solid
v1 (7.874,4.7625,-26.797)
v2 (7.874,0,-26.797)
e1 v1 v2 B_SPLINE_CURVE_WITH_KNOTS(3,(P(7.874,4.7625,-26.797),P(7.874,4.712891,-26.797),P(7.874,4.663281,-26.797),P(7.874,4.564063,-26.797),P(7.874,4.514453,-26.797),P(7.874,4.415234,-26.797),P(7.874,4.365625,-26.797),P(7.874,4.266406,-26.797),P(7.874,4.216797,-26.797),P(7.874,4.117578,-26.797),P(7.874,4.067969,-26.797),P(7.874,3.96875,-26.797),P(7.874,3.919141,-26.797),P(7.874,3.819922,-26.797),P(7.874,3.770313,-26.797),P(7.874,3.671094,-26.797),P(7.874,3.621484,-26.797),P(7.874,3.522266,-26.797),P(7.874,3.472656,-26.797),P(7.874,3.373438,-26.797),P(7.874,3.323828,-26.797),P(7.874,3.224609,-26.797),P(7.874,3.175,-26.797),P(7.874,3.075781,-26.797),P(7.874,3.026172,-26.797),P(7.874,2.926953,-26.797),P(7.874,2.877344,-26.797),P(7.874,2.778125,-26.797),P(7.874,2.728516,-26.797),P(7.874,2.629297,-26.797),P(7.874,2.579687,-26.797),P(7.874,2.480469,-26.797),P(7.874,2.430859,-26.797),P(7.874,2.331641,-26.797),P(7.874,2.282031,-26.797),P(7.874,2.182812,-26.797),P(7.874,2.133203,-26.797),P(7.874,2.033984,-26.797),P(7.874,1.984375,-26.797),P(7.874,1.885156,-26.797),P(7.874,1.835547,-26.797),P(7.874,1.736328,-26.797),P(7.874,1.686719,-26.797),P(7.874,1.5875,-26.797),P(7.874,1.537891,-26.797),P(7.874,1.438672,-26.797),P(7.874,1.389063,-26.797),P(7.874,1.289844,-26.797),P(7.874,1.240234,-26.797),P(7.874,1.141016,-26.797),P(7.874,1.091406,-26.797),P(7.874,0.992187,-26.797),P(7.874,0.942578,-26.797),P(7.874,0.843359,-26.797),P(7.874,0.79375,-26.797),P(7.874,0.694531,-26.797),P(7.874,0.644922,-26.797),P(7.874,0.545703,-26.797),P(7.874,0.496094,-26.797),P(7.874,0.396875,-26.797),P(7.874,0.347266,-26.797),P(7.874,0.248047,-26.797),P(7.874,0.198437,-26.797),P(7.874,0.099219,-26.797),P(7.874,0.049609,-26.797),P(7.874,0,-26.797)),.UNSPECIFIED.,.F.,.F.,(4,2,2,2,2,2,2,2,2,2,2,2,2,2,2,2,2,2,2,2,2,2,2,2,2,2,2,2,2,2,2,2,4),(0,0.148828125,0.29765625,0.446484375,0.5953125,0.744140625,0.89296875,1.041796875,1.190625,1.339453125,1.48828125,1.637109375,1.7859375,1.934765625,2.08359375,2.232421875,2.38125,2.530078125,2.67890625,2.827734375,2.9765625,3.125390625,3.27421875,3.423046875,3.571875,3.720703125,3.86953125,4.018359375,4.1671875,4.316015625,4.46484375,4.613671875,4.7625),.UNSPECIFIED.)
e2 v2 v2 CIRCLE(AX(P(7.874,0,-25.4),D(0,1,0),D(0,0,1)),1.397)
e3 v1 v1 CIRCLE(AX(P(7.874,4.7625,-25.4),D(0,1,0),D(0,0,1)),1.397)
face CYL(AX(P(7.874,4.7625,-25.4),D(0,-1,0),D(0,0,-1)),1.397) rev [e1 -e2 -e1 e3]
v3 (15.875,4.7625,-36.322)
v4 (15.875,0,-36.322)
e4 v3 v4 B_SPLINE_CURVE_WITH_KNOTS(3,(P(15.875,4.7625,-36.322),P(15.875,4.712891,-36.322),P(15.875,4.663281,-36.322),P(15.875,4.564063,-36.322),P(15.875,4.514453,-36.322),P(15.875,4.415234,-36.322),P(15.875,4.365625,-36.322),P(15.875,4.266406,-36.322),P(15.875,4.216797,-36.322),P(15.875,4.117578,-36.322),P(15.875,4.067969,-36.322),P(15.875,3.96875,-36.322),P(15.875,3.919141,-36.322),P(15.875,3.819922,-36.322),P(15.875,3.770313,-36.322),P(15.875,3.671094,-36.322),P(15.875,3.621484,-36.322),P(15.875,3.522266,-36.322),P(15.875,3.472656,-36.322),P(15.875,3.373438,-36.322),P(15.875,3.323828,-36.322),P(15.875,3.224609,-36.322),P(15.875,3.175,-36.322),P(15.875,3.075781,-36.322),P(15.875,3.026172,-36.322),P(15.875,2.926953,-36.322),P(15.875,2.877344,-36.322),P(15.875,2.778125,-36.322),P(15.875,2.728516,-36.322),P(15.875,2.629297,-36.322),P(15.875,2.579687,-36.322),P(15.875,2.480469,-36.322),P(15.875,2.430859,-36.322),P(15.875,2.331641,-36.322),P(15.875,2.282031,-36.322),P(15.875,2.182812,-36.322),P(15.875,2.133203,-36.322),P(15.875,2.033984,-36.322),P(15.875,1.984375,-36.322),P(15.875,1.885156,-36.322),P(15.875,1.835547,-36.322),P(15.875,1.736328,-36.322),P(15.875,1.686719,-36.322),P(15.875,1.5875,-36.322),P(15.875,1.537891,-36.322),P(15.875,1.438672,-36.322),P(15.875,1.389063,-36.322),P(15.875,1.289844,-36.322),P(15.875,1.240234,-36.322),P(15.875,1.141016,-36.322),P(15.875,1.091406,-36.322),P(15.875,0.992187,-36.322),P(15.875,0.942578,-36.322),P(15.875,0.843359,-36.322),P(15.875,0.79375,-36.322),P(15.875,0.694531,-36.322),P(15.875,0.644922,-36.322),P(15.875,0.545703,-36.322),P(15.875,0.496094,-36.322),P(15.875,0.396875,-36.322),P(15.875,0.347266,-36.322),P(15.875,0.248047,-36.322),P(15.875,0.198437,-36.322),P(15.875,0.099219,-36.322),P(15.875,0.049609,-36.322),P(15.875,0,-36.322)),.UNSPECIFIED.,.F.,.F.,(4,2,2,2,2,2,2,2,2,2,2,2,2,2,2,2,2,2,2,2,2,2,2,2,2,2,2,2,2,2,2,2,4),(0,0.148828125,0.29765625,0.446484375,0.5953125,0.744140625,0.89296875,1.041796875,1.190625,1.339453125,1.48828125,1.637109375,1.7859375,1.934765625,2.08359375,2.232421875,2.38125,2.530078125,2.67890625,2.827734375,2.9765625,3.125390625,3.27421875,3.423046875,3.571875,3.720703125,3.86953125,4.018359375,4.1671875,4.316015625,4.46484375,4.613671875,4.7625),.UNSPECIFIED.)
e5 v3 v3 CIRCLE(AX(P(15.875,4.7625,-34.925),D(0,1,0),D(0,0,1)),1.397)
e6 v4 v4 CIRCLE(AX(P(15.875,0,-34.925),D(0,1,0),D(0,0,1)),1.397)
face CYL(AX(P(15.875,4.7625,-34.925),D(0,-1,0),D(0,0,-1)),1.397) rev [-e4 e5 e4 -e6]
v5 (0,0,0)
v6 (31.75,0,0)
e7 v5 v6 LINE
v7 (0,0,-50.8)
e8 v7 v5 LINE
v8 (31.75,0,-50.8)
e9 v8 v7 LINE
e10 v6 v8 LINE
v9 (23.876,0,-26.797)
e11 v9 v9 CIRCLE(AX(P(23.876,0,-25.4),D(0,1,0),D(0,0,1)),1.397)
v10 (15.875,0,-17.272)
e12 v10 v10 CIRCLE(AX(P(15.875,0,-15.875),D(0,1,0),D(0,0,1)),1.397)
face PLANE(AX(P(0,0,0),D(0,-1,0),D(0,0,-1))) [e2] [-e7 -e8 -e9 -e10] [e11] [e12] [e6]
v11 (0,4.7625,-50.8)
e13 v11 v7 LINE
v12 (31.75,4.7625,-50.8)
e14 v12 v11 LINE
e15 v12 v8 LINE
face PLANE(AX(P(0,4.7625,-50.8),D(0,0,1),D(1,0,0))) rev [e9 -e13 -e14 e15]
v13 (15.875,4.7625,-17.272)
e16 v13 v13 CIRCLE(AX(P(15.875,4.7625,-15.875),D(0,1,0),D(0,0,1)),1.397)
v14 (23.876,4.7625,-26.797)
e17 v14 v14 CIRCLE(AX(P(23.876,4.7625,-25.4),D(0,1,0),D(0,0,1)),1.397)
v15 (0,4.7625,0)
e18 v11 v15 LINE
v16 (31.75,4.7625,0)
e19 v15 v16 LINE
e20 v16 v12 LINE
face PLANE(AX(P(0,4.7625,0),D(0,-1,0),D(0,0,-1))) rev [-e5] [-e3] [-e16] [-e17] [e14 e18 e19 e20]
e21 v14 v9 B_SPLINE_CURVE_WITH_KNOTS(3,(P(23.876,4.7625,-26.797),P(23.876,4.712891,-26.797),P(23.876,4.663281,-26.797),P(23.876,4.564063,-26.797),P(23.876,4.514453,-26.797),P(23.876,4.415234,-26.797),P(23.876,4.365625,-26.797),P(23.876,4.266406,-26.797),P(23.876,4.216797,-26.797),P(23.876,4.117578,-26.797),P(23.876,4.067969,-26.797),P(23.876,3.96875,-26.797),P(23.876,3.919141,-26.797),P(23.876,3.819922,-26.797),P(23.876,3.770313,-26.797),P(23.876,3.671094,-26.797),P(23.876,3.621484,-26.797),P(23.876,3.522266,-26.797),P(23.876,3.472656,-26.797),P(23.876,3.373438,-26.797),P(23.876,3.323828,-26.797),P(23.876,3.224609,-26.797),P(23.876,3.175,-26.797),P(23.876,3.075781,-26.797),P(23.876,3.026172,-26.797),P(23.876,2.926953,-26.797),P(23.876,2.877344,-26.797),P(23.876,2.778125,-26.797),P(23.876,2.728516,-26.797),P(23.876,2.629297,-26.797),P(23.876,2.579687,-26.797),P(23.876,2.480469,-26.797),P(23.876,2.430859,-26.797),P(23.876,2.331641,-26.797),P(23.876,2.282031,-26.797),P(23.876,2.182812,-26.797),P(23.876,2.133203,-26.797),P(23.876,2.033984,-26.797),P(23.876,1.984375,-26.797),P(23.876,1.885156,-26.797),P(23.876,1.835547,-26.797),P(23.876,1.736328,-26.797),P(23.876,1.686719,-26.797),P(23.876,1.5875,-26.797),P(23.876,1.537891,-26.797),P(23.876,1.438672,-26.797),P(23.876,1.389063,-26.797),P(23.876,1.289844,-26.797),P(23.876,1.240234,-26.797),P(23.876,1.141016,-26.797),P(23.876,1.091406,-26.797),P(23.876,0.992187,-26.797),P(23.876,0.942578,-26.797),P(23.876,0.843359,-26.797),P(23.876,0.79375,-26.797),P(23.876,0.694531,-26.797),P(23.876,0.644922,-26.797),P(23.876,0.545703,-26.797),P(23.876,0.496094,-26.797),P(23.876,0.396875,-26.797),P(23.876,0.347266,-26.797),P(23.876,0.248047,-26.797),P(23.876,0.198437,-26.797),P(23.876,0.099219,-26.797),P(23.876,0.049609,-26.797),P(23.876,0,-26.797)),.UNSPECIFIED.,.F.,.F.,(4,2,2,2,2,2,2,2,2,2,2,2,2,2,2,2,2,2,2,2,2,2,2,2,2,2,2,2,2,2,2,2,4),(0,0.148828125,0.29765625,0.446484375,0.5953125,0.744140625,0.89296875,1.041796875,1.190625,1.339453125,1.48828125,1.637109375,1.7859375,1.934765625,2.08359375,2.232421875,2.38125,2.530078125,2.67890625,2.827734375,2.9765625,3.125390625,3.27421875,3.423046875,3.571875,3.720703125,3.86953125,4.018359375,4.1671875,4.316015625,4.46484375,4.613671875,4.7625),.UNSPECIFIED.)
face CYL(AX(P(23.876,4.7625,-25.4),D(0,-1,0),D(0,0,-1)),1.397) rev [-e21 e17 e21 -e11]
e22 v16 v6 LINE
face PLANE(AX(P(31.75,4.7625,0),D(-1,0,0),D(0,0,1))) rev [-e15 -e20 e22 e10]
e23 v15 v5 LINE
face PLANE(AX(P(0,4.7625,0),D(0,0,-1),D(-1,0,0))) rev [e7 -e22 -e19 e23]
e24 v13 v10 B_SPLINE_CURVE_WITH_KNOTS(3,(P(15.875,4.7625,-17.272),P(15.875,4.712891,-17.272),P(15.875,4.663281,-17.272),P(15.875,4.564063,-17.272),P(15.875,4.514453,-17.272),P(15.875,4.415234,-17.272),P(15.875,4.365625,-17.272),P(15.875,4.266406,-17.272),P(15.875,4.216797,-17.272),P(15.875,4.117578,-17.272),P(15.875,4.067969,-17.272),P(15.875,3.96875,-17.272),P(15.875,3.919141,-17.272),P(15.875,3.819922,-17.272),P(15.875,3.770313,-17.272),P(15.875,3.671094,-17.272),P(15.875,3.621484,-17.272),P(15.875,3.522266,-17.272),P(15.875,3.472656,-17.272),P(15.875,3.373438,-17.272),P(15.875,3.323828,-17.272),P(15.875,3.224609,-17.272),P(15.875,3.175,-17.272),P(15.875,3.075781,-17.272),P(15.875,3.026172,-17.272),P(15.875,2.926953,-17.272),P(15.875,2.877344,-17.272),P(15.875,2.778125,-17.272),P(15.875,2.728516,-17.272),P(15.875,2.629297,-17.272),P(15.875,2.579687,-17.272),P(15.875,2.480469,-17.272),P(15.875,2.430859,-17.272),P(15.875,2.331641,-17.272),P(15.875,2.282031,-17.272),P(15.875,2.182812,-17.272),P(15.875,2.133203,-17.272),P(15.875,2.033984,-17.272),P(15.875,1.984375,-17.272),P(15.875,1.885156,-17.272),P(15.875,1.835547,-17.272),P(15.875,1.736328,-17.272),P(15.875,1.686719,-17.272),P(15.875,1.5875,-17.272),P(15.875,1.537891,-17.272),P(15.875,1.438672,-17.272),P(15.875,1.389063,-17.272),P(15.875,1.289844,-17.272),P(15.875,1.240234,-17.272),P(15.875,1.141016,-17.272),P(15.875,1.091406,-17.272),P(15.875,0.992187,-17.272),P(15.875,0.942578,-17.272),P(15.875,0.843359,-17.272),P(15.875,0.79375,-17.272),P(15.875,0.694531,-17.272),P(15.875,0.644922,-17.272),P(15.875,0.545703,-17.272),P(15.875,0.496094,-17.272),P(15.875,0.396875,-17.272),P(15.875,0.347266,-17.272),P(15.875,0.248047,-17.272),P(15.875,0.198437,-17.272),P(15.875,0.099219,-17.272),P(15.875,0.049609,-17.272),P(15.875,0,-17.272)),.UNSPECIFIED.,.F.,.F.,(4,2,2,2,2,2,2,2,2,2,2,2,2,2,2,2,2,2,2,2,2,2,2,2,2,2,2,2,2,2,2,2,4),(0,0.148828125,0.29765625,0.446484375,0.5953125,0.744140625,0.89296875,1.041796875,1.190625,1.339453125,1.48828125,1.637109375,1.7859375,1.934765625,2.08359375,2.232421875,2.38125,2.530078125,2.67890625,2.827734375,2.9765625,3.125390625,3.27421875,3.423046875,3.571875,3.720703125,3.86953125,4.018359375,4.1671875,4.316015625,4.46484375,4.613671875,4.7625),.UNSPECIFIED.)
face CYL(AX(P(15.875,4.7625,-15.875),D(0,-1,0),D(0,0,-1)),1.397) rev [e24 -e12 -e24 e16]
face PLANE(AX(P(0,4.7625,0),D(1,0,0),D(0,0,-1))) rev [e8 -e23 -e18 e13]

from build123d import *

# Parameters (mm, degrees)
SKETCH1_W           = 31.75
SKETCH1_H           = 50.8
SKETCH1_R           = 1.397
BOSS_EXTRUDE1_DEPTH = 4.7625


with BuildPart() as part:
    # Sketch1 → Boss-Extrude1 (new body)
    with BuildSketch(Plane(origin=(0, 0, 0), x_dir=(1, 0, 0), z_dir=(0, 1, 0))):
        with Locations((15.875, 25.4)):
            Rectangle(SKETCH1_W, SKETCH1_H)
        with Locations(Location((7.874, 25.4, 0), (0, 0, 90))):
            Circle(SKETCH1_R, mode=Mode.SUBTRACT)
        with Locations(Location((15.875, 34.925, 0), (0, 0, 90))):
            Circle(SKETCH1_R, mode=Mode.SUBTRACT)
        with Locations(Location((23.876, 25.4, 0), (0, 0, 90))):
            Circle(SKETCH1_R, mode=Mode.SUBTRACT)
        with Locations(Location((15.875, 15.875, 0), (0, 0, 90))):
            Circle(SKETCH1_R, mode=Mode.SUBTRACT)
    extrude(amount=BOSS_EXTRUDE1_DEPTH)


solid = part.part
